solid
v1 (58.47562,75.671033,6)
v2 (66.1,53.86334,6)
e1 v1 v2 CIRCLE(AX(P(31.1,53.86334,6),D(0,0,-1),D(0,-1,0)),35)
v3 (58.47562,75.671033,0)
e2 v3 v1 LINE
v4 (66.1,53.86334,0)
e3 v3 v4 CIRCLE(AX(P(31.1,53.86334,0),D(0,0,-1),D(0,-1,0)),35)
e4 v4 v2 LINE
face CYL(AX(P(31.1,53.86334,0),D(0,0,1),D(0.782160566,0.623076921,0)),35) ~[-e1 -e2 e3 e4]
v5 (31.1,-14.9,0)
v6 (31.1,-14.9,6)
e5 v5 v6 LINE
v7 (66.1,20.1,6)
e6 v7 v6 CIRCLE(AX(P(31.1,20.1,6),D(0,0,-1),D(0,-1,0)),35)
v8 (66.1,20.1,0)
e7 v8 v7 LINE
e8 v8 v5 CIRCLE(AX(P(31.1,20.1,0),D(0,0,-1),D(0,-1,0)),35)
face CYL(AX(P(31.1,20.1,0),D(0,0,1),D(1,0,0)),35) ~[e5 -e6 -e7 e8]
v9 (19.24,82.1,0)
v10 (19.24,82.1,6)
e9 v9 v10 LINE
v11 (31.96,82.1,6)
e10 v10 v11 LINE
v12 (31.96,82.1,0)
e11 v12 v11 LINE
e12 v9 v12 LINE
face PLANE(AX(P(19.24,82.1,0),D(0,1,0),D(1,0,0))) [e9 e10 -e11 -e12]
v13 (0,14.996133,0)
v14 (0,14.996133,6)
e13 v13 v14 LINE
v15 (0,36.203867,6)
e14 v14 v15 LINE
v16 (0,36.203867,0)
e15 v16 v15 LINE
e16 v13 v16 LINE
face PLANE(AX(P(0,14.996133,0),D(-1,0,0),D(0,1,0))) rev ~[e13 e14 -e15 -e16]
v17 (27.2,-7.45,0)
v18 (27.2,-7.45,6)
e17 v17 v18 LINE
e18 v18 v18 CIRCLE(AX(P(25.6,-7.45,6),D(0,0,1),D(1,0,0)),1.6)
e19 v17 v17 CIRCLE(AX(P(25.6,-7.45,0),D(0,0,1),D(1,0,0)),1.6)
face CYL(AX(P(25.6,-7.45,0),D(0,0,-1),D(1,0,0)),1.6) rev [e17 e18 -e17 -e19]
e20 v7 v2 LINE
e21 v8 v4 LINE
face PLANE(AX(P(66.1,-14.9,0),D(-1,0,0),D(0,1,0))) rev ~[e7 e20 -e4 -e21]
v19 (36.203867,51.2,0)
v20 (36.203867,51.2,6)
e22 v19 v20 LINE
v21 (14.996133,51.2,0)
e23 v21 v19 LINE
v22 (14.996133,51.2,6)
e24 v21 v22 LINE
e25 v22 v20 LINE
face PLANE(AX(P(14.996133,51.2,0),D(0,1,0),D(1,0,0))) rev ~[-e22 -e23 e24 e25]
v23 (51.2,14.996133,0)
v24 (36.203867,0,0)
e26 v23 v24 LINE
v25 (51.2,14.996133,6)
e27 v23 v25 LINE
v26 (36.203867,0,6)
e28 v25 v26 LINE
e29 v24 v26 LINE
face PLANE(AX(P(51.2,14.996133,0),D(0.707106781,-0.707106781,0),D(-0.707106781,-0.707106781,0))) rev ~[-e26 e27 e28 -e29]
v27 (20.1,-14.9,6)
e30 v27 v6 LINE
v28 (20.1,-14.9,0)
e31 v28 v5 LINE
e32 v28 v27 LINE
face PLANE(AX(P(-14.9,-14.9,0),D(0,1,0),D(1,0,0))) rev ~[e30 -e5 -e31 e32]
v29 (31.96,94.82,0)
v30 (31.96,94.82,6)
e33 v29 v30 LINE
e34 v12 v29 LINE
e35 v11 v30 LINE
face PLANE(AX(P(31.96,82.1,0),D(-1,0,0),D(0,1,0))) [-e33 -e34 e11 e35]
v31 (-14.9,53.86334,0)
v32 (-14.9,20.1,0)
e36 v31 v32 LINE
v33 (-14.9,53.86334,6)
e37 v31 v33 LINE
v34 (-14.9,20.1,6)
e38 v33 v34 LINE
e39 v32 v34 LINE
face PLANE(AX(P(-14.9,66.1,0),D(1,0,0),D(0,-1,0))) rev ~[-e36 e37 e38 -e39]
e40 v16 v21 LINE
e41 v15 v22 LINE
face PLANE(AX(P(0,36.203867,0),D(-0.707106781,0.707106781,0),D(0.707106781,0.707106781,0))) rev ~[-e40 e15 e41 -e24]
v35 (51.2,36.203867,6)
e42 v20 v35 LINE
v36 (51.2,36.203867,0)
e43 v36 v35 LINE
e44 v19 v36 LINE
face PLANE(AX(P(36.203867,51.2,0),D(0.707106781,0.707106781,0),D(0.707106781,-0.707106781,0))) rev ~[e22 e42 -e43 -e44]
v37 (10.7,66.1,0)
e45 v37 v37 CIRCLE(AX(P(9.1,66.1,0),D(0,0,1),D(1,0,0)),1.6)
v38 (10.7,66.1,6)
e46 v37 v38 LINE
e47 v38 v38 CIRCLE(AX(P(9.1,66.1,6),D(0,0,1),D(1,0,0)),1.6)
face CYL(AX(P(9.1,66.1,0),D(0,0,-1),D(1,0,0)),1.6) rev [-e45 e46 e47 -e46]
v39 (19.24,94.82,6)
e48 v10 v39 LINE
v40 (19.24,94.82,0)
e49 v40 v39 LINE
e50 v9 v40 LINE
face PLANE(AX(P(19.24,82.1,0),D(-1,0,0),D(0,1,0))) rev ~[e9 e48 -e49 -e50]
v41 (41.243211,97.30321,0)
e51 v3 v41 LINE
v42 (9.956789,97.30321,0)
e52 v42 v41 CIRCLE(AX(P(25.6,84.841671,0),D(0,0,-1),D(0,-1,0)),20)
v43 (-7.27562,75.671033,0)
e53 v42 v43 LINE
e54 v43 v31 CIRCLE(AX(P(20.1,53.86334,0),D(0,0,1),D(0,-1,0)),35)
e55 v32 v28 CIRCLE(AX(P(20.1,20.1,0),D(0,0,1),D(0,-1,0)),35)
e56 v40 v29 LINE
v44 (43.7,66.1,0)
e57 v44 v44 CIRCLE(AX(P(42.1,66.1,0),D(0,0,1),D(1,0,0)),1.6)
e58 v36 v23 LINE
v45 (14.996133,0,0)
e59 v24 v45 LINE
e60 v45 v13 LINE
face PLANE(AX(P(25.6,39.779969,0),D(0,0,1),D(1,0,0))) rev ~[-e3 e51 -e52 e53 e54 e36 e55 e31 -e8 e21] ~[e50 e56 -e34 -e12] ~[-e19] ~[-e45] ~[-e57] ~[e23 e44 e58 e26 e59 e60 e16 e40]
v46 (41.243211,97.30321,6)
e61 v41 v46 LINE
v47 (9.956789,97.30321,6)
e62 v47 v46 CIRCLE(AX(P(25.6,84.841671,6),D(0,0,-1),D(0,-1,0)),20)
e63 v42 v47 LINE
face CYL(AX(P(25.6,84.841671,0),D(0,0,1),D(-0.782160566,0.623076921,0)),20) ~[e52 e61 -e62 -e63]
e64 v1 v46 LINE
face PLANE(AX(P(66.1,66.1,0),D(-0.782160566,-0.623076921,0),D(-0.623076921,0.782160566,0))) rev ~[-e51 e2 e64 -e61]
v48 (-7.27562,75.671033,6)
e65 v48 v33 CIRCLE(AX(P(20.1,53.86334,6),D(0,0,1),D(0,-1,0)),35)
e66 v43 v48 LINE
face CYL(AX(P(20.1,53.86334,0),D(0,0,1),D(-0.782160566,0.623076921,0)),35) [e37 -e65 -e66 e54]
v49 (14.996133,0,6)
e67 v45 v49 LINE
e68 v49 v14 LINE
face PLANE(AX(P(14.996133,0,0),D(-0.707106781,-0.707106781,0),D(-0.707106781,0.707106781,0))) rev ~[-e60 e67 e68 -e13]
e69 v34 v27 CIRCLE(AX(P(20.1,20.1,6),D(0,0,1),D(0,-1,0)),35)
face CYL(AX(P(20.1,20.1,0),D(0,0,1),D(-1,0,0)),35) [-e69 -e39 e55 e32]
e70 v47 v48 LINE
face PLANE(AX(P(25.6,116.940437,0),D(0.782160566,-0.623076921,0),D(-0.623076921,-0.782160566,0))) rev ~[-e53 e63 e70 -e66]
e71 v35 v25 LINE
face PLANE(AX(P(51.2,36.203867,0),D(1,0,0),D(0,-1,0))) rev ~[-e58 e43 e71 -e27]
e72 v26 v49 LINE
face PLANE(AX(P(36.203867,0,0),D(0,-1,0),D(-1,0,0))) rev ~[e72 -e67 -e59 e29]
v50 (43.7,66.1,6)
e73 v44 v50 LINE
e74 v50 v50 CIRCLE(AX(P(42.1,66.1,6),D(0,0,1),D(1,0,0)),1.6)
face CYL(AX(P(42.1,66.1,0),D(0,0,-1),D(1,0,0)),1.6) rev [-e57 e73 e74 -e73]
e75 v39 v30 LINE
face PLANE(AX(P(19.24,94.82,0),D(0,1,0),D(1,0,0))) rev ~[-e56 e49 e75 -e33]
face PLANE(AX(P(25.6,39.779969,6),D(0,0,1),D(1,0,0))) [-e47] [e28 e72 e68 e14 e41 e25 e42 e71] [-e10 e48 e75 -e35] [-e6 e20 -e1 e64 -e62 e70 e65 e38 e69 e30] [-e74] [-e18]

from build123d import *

# Parameters (mm, degrees)
F0_R     = 1.6
F0_W     = 12.72
F0_H     = 12.72
F1_DEPTH = 6
F2_R     = 35
F3_R     = 20


with BuildPart() as f1:
    # F0 (on Top) → F1 (new body)
    with BuildSketch(Plane.XY):
        Polygon((25.6, 116.940437), (-14.9, 66.1), (-14.9, -14.9), (66.1, -14.9), (66.1, 66.1), align=None)
        with Locations((25.6, -7.45)):
            Circle(F0_R, mode=Mode.SUBTRACT)
        Polygon((0, 14.996133), (0, 36.203867), (14.996133, 51.2), (36.203867, 51.2), (51.2, 36.203867), (51.2, 14.996133), (36.203867, 0), (14.996133, 0), align=None, mode=Mode.SUBTRACT)
        with Locations((9.1, 66.1)):
            Circle(F0_R, mode=Mode.SUBTRACT)
        with Locations((42.1, 66.1)):
            Circle(F0_R, mode=Mode.SUBTRACT)
        with Locations((25.6, 88.46)):
            Rectangle(F0_W, F0_H, mode=Mode.SUBTRACT)
    extrude(amount=F1_DEPTH)

    # F2
    f2_edges = [f1.edges().sort_by_distance(p)[0] for p in [
        (66.1, -14.9, 3),
        (-14.9, -14.9, 3),
        (-14.9, 66.1, 3),
        (66.1, 66.1, 3),
    ]]
    fillet(f2_edges, radius=F2_R)

    # F3
    f3_edges = [f1.edges().sort_by_distance(p)[0] for p in [
        (25.6, 116.940437, 3),
    ]]
    fillet(f3_edges, radius=F3_R)


solid = f1.part
